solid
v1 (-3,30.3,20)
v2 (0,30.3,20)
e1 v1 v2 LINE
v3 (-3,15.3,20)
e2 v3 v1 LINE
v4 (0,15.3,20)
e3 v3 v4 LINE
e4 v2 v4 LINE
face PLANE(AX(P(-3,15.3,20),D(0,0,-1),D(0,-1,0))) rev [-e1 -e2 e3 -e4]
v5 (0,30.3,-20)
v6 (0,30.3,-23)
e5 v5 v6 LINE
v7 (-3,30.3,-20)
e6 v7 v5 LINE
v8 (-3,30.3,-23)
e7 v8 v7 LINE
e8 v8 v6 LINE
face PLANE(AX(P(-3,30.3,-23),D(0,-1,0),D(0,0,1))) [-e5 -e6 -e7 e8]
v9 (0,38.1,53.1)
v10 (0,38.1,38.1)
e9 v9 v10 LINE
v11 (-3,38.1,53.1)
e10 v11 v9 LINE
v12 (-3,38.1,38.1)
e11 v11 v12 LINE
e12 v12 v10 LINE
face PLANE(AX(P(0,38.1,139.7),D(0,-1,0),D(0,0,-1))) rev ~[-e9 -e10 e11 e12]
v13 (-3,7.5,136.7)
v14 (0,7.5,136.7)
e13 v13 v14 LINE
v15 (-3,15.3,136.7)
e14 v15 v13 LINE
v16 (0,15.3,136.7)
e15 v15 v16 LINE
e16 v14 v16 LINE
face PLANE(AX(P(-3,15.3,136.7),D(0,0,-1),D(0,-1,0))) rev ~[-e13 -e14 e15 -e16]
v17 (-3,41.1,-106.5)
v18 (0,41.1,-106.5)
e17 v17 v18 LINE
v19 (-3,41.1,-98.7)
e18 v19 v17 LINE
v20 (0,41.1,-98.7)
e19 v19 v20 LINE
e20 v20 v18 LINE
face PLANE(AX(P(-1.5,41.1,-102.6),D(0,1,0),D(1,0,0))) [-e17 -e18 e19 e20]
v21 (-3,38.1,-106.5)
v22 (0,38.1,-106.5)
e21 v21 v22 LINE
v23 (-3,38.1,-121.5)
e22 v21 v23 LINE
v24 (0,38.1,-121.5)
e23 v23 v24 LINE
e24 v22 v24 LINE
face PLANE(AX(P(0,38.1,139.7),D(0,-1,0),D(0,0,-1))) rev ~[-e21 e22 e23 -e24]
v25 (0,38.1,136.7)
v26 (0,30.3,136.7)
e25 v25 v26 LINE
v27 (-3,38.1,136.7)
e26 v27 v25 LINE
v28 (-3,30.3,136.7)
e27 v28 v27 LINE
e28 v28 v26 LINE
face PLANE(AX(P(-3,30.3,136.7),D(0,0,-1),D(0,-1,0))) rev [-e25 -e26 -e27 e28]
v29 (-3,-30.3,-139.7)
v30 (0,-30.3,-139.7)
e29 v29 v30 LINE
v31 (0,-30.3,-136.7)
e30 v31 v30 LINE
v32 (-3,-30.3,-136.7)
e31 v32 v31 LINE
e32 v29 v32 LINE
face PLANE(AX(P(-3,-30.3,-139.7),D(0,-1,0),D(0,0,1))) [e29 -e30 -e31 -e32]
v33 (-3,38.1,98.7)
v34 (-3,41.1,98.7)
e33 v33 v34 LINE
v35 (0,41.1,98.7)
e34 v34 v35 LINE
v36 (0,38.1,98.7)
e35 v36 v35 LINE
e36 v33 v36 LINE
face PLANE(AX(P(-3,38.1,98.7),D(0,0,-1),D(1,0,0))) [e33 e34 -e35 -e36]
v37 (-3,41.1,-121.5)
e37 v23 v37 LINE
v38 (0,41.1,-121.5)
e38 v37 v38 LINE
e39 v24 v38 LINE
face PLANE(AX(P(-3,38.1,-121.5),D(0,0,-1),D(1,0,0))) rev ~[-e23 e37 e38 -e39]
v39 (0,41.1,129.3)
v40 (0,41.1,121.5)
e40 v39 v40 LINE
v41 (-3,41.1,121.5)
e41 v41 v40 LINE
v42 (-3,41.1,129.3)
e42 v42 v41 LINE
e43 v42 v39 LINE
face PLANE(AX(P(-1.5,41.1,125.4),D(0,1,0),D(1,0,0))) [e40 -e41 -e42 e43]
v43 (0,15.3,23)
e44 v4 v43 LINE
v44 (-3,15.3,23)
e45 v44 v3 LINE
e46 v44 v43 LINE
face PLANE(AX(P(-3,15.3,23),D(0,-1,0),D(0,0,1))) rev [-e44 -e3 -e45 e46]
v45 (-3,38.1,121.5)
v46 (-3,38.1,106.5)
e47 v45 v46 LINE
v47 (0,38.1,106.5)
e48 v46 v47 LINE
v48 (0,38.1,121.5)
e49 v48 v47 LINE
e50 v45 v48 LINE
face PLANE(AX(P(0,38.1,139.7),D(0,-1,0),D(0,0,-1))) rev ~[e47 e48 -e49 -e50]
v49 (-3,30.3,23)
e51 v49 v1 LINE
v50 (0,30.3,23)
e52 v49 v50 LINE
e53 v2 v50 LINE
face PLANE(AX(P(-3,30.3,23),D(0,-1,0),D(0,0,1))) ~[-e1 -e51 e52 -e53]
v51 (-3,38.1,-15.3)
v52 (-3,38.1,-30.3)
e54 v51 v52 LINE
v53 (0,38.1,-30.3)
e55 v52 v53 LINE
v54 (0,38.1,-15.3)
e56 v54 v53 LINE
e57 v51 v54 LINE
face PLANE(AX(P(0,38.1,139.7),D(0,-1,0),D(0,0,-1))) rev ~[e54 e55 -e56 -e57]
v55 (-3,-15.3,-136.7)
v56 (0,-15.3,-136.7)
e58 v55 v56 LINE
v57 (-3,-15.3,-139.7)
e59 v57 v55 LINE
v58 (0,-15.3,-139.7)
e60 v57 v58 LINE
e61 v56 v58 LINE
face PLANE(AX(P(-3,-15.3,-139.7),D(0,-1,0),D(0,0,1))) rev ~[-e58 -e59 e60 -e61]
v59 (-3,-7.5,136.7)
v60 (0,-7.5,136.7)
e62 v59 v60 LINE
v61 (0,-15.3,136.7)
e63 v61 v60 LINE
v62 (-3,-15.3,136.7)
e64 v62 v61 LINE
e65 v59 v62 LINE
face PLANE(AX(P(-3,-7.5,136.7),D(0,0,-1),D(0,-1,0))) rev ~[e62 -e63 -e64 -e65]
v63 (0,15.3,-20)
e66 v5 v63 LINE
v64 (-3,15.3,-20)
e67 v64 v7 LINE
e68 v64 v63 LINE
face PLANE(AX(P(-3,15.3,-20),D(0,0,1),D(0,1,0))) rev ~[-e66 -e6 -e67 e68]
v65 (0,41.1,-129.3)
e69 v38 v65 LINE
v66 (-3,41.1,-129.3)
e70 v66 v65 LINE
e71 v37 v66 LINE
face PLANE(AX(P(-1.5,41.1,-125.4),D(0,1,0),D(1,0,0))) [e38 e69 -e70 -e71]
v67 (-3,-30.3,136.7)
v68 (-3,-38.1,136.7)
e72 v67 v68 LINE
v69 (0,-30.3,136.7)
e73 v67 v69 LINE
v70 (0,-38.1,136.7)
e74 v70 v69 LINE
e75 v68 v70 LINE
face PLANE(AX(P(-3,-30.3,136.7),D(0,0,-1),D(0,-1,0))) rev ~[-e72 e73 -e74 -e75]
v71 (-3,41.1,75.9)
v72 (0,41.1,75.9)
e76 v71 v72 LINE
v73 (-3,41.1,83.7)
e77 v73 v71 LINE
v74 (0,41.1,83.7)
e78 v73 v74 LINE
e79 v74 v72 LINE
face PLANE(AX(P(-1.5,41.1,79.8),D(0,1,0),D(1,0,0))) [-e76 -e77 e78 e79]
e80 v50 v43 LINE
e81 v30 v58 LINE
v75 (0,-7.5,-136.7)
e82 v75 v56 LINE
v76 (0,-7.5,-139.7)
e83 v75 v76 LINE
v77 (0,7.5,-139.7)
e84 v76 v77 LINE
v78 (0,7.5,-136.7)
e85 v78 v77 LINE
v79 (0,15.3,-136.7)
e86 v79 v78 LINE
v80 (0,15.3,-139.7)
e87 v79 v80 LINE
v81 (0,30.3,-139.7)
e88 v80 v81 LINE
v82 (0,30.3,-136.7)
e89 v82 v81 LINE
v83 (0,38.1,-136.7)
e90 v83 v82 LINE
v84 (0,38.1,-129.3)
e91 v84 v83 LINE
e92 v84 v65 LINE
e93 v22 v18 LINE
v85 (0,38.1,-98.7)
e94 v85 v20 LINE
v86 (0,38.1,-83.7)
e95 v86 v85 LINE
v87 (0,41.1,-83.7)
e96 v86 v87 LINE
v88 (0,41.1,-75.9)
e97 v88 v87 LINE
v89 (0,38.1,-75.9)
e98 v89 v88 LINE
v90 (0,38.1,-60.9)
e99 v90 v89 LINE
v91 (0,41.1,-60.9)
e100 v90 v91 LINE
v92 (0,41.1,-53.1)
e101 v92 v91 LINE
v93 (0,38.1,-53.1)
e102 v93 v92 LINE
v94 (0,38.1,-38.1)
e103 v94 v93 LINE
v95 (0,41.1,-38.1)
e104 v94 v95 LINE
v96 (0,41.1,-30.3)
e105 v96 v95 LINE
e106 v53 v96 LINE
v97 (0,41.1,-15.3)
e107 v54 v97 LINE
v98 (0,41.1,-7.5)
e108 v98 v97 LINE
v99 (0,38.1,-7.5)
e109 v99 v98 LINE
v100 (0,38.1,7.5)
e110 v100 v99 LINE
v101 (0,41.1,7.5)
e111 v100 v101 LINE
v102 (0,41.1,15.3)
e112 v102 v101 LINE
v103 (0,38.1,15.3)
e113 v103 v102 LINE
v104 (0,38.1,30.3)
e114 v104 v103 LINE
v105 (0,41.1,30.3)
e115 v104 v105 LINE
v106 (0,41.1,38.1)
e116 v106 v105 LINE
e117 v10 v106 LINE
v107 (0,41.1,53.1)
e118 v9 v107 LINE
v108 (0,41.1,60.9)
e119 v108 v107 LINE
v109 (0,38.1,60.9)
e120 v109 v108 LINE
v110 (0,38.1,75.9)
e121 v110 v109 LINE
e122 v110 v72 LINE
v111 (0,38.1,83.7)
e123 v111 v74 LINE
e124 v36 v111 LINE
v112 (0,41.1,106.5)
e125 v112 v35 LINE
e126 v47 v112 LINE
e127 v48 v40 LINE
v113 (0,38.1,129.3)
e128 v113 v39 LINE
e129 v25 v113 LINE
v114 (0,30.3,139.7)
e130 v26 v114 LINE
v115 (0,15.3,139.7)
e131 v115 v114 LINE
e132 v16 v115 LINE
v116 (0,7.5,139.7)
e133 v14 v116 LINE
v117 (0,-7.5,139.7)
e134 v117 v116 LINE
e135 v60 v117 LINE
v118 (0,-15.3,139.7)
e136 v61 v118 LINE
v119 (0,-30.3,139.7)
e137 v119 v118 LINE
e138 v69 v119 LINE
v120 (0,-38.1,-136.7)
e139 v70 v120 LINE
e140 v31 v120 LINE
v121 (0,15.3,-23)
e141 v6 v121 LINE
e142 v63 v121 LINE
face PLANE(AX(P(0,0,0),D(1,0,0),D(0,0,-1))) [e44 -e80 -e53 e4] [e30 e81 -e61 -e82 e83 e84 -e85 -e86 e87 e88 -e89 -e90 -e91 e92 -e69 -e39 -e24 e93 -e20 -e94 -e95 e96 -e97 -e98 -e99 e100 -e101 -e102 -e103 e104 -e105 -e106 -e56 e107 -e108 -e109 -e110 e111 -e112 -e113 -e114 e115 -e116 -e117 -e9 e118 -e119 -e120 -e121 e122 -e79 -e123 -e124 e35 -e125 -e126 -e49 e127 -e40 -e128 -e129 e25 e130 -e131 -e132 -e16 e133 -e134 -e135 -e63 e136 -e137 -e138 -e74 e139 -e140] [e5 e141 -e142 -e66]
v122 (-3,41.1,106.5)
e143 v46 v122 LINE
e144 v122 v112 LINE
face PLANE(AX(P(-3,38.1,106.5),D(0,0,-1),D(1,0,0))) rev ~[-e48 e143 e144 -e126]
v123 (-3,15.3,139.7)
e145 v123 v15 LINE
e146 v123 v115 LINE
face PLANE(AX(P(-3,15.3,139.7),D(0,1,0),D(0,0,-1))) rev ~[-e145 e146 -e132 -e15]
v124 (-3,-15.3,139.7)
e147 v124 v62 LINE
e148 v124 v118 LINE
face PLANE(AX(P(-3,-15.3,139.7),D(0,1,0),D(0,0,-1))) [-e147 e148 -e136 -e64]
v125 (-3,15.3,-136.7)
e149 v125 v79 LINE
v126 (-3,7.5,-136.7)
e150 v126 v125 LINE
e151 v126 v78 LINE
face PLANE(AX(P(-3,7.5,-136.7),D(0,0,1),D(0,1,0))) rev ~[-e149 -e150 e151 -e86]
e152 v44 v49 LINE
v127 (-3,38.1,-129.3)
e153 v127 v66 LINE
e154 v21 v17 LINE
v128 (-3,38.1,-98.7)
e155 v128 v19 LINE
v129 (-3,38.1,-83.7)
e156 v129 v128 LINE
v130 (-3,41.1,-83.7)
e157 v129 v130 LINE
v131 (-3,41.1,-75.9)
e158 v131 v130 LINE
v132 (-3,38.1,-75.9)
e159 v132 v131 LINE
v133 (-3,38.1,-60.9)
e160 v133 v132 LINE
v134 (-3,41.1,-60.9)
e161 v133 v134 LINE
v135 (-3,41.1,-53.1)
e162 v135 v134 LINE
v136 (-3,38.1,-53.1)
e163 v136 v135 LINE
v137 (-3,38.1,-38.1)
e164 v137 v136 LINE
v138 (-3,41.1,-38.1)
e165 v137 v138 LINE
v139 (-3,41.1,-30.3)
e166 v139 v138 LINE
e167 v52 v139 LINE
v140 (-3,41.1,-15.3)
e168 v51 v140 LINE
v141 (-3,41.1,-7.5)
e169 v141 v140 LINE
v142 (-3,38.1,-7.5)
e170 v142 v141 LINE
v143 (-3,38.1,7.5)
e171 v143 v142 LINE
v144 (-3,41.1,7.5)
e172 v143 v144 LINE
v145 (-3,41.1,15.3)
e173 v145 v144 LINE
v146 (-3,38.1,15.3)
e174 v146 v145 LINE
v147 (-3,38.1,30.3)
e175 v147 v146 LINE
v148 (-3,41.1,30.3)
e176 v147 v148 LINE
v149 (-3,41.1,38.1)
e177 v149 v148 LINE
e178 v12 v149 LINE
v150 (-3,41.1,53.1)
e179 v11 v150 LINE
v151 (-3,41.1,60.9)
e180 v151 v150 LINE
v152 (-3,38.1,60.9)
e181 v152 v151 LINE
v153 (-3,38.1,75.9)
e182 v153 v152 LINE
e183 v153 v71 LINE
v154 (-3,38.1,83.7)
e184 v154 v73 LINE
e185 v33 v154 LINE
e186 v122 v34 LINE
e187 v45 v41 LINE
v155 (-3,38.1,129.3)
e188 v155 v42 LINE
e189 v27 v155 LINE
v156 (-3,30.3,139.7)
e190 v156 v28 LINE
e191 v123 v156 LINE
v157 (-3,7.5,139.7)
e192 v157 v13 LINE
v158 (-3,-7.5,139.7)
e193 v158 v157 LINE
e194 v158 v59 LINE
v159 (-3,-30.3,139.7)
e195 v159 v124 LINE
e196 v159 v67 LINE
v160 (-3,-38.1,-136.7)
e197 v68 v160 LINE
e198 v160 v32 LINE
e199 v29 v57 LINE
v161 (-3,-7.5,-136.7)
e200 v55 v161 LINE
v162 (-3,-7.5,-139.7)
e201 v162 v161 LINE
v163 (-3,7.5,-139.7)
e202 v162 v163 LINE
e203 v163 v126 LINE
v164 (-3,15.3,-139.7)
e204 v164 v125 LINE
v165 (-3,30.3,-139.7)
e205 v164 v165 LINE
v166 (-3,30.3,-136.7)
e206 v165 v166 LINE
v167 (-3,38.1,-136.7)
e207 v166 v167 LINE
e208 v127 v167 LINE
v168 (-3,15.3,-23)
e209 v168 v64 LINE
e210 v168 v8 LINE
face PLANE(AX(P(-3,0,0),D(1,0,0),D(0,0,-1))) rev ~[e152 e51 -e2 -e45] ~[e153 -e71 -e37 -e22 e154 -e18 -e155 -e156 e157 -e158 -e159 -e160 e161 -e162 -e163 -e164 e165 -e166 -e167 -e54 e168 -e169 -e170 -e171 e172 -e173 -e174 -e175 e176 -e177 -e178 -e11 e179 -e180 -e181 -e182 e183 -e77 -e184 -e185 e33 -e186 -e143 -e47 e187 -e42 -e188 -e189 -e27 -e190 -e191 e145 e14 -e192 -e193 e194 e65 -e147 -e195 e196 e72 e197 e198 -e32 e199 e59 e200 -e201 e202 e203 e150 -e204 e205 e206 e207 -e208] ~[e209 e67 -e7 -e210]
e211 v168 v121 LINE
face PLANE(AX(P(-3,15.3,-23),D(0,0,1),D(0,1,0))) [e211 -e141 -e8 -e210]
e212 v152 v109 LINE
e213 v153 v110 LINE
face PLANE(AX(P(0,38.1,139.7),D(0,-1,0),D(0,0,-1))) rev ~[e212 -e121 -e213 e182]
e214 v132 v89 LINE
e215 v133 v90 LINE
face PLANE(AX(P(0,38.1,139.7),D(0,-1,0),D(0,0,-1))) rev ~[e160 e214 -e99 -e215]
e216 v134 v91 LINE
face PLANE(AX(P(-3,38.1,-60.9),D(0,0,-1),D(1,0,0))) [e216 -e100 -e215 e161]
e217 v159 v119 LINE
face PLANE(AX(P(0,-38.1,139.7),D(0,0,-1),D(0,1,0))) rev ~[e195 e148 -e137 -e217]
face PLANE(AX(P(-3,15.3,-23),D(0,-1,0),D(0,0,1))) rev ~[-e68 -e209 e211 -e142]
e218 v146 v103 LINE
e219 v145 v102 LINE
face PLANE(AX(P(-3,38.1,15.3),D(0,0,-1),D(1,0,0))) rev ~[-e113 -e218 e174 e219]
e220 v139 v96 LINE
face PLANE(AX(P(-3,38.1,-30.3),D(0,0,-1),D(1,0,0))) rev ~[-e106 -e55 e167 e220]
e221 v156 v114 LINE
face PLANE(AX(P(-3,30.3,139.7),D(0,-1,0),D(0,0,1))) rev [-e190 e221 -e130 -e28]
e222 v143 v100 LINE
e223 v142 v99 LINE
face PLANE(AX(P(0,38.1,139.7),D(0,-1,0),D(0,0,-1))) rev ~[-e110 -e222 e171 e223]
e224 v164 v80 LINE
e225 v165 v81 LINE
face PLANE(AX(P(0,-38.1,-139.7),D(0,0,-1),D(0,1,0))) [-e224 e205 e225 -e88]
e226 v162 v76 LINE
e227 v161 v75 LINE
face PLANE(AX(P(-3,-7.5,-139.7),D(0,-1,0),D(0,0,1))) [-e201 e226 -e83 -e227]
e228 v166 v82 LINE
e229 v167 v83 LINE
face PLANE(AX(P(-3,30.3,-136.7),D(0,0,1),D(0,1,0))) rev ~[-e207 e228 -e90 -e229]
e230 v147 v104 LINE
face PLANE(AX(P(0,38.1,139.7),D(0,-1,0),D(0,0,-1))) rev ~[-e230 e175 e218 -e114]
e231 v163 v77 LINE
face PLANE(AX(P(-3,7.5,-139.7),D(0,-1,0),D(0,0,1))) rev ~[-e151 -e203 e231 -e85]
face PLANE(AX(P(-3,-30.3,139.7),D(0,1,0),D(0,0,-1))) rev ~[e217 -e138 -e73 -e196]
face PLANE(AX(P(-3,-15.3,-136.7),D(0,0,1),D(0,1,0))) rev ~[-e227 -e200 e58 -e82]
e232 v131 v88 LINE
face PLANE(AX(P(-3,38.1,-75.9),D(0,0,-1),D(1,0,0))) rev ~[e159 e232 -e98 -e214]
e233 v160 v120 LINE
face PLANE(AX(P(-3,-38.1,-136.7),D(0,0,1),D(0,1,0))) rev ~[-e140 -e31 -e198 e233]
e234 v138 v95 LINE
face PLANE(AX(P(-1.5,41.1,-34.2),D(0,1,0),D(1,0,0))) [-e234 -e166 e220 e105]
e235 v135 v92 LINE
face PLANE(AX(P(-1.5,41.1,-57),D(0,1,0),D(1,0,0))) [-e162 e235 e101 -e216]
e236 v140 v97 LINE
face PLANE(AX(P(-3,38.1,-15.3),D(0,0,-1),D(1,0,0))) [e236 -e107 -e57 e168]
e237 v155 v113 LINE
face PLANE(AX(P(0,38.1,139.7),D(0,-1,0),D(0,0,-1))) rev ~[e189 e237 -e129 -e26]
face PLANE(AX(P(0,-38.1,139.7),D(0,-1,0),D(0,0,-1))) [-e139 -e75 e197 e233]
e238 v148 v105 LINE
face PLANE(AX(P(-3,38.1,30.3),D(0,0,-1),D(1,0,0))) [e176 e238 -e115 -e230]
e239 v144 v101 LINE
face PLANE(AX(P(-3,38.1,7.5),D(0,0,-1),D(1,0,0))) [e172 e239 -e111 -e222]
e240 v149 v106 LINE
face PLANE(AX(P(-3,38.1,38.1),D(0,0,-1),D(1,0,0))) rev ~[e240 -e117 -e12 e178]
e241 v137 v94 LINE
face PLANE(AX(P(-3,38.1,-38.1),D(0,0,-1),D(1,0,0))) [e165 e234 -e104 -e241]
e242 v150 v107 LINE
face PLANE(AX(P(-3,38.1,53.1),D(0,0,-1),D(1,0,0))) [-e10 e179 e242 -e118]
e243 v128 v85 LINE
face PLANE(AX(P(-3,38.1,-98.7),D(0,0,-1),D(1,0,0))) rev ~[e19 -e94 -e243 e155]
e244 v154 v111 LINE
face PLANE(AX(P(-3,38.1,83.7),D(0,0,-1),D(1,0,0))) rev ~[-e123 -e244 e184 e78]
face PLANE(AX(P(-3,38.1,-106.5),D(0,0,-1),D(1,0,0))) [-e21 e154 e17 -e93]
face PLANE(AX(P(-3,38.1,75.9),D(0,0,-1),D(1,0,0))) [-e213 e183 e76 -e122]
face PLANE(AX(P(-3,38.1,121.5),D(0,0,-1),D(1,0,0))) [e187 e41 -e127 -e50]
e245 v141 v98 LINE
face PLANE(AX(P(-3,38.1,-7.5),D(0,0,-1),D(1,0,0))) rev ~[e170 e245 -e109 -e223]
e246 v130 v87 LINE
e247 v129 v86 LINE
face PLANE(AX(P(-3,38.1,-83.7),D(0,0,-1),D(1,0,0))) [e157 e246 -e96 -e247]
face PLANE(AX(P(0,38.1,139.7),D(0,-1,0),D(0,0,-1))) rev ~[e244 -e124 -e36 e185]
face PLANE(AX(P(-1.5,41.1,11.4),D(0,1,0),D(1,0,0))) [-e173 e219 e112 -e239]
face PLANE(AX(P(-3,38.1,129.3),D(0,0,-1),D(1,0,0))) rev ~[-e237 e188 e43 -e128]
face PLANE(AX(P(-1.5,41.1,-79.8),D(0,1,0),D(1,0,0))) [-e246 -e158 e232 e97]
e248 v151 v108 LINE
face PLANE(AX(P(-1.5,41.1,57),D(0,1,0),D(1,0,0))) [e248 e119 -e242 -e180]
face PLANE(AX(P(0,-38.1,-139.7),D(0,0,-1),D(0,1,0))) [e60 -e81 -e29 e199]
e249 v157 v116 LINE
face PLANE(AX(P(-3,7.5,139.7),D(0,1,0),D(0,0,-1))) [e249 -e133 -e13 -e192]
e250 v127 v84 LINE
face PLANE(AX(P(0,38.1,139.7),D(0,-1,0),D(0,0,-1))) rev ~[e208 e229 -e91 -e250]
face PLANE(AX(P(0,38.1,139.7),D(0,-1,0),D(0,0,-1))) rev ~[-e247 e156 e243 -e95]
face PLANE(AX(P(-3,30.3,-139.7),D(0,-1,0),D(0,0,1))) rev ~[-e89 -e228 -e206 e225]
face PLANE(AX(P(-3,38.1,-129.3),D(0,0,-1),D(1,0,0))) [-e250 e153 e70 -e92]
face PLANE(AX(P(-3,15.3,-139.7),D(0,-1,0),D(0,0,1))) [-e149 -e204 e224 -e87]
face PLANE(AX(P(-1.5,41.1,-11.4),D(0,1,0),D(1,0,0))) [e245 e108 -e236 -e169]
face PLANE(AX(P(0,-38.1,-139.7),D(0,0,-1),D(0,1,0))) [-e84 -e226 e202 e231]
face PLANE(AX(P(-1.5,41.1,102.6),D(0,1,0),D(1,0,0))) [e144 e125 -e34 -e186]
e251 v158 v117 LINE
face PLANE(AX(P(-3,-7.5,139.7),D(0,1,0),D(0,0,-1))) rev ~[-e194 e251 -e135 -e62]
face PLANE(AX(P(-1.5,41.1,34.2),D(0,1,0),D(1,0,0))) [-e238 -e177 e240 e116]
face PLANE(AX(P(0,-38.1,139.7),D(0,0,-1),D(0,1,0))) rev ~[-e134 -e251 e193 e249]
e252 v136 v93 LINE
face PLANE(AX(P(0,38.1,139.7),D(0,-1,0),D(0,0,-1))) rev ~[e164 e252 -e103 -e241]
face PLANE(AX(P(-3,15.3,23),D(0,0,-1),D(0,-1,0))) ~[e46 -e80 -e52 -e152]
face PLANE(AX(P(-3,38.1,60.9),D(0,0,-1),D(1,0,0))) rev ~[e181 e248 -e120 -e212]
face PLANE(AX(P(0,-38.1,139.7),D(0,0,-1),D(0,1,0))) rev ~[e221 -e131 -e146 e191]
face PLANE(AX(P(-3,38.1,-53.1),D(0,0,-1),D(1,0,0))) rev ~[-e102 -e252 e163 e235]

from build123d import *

# Parameters (mm, degrees)
SKETCH1_W               = 279.4
SKETCH1_H               = 76.2
BOSS_EXTRUDE1_DEPTH     = 3
SKETCH3_W               = 3
SKETCH3_H               = 7.8
CUT_EXTRUDE1_DEPTH      = 145.833352512
LPATTERN1_COUNT         = 4
LPATTERN1_PITCH         = 22.8
MIRROR1_COPY_1_SKETCH_W = 3
MIRROR1_COPY_1_SKETCH_H = 7.8
MIRROR1_COPY_1_DEPTH    = 145.833352512
MIRROR1_COPY_2_SKETCH_W = 3
MIRROR1_COPY_2_SKETCH_H = 7.8
MIRROR1_COPY_2_DEPTH    = 145.833352512
MIRROR1_COPY_3_SKETCH_W = 3
MIRROR1_COPY_3_SKETCH_H = 7.8
MIRROR1_COPY_3_DEPTH    = 145.833352512
SKETCH5_W               = 3
SKETCH5_H               = 15
CUT_EXTRUDE3_DEPTH      = 10
SKETCH9_W               = 3
SKETCH9_H               = 7.8
BOSS_EXTRUDE2_DEPTH     = 3
LPATTERN4_COUNT         = 12
LPATTERN4_PITCH         = 22.8


with BuildPart() as part:
    # Sketch1 → Boss-Extrude1 (new body)
    with BuildSketch(Plane(origin=(0, 0, 0), x_dir=(0, 0, -1), z_dir=(1, 0, 0))):
        Rectangle(SKETCH1_W, SKETCH1_H)
    extrude(amount=-BOSS_EXTRUDE1_DEPTH)

    # Sketch3 → Cut-Extrude1 (cut, through all)
    with BuildSketch(Plane.ZY.offset(3)):
        with Locations((-138.2, 34.2)):
            Rectangle(SKETCH3_W, SKETCH3_H)
    cut_extrude1 = extrude(amount=-CUT_EXTRUDE1_DEPTH, mode=Mode.SUBTRACT)

    # LPattern1: Cut-Extrude1 ×4
    with Locations(*[(0, -i * LPATTERN1_PITCH, 0) for i in range(1, LPATTERN1_COUNT)]):
        add(cut_extrude1, mode=Mode.SUBTRACT)

    # Mirror1: Cut-Extrude1 across plane
    add(cut_extrude1.mirror(Plane.XY), mode=Mode.SUBTRACT)

    # Mirror1 copy 1 sketch → Mirror1 copy 1 (cut, through all)
    with BuildSketch(Plane(origin=(-3, -22.8, 0), x_dir=(0, 0, -1), z_dir=(-1, 0, 0))):
        with Locations((-138.2, -34.2)):
            Rectangle(MIRROR1_COPY_1_SKETCH_W, MIRROR1_COPY_1_SKETCH_H)
    extrude(amount=-MIRROR1_COPY_1_DEPTH, mode=Mode.SUBTRACT)

    # Mirror1 copy 2 sketch → Mirror1 copy 2 (cut, through all)
    with BuildSketch(Plane(origin=(-3, -45.6, 0), x_dir=(0, 0, -1), z_dir=(-1, 0, 0))):
        with Locations((-138.2, -34.2)):
            Rectangle(MIRROR1_COPY_2_SKETCH_W, MIRROR1_COPY_2_SKETCH_H)
    extrude(amount=-MIRROR1_COPY_2_DEPTH, mode=Mode.SUBTRACT)

    # Mirror1 copy 3 sketch → Mirror1 copy 3 (cut, through all)
    with BuildSketch(Plane(origin=(-3, -68.4, 0), x_dir=(0, 0, -1), z_dir=(-1, 0, 0))):
        with Locations((-138.2, -34.2)):
            Rectangle(MIRROR1_COPY_3_SKETCH_W, MIRROR1_COPY_3_SKETCH_H)
    extrude(amount=-MIRROR1_COPY_3_DEPTH, mode=Mode.SUBTRACT)

    # Sketch5 → Cut-Extrude3 (cut)
    with BuildSketch(Plane.ZY.offset(3)):
        with Locations((-21.5, 22.8)):
            Rectangle(SKETCH5_W, SKETCH5_H)
    cut_extrude3 = extrude(amount=-CUT_EXTRUDE3_DEPTH, mode=Mode.SUBTRACT)

    # Mirror2: Cut-Extrude3 across plane
    add(cut_extrude3.mirror(Plane.XY), mode=Mode.SUBTRACT)

    # Sketch9 → Boss-Extrude2 (add)
    with BuildSketch(Plane(origin=(0, 38.1, 0), x_dir=(1, 0, 0), z_dir=(0, 1, 0))):
        with Locations((-1.5, 125.4)):
            Rectangle(SKETCH9_W, SKETCH9_H)
    boss_extrude2 = extrude(amount=BOSS_EXTRUDE2_DEPTH)

    # LPattern4: Boss-Extrude2 ×12
    with Locations(*[(0, 0, i * LPATTERN4_PITCH) for i in range(1, LPATTERN4_COUNT)]):
        add(boss_extrude2)


solid = part.part
